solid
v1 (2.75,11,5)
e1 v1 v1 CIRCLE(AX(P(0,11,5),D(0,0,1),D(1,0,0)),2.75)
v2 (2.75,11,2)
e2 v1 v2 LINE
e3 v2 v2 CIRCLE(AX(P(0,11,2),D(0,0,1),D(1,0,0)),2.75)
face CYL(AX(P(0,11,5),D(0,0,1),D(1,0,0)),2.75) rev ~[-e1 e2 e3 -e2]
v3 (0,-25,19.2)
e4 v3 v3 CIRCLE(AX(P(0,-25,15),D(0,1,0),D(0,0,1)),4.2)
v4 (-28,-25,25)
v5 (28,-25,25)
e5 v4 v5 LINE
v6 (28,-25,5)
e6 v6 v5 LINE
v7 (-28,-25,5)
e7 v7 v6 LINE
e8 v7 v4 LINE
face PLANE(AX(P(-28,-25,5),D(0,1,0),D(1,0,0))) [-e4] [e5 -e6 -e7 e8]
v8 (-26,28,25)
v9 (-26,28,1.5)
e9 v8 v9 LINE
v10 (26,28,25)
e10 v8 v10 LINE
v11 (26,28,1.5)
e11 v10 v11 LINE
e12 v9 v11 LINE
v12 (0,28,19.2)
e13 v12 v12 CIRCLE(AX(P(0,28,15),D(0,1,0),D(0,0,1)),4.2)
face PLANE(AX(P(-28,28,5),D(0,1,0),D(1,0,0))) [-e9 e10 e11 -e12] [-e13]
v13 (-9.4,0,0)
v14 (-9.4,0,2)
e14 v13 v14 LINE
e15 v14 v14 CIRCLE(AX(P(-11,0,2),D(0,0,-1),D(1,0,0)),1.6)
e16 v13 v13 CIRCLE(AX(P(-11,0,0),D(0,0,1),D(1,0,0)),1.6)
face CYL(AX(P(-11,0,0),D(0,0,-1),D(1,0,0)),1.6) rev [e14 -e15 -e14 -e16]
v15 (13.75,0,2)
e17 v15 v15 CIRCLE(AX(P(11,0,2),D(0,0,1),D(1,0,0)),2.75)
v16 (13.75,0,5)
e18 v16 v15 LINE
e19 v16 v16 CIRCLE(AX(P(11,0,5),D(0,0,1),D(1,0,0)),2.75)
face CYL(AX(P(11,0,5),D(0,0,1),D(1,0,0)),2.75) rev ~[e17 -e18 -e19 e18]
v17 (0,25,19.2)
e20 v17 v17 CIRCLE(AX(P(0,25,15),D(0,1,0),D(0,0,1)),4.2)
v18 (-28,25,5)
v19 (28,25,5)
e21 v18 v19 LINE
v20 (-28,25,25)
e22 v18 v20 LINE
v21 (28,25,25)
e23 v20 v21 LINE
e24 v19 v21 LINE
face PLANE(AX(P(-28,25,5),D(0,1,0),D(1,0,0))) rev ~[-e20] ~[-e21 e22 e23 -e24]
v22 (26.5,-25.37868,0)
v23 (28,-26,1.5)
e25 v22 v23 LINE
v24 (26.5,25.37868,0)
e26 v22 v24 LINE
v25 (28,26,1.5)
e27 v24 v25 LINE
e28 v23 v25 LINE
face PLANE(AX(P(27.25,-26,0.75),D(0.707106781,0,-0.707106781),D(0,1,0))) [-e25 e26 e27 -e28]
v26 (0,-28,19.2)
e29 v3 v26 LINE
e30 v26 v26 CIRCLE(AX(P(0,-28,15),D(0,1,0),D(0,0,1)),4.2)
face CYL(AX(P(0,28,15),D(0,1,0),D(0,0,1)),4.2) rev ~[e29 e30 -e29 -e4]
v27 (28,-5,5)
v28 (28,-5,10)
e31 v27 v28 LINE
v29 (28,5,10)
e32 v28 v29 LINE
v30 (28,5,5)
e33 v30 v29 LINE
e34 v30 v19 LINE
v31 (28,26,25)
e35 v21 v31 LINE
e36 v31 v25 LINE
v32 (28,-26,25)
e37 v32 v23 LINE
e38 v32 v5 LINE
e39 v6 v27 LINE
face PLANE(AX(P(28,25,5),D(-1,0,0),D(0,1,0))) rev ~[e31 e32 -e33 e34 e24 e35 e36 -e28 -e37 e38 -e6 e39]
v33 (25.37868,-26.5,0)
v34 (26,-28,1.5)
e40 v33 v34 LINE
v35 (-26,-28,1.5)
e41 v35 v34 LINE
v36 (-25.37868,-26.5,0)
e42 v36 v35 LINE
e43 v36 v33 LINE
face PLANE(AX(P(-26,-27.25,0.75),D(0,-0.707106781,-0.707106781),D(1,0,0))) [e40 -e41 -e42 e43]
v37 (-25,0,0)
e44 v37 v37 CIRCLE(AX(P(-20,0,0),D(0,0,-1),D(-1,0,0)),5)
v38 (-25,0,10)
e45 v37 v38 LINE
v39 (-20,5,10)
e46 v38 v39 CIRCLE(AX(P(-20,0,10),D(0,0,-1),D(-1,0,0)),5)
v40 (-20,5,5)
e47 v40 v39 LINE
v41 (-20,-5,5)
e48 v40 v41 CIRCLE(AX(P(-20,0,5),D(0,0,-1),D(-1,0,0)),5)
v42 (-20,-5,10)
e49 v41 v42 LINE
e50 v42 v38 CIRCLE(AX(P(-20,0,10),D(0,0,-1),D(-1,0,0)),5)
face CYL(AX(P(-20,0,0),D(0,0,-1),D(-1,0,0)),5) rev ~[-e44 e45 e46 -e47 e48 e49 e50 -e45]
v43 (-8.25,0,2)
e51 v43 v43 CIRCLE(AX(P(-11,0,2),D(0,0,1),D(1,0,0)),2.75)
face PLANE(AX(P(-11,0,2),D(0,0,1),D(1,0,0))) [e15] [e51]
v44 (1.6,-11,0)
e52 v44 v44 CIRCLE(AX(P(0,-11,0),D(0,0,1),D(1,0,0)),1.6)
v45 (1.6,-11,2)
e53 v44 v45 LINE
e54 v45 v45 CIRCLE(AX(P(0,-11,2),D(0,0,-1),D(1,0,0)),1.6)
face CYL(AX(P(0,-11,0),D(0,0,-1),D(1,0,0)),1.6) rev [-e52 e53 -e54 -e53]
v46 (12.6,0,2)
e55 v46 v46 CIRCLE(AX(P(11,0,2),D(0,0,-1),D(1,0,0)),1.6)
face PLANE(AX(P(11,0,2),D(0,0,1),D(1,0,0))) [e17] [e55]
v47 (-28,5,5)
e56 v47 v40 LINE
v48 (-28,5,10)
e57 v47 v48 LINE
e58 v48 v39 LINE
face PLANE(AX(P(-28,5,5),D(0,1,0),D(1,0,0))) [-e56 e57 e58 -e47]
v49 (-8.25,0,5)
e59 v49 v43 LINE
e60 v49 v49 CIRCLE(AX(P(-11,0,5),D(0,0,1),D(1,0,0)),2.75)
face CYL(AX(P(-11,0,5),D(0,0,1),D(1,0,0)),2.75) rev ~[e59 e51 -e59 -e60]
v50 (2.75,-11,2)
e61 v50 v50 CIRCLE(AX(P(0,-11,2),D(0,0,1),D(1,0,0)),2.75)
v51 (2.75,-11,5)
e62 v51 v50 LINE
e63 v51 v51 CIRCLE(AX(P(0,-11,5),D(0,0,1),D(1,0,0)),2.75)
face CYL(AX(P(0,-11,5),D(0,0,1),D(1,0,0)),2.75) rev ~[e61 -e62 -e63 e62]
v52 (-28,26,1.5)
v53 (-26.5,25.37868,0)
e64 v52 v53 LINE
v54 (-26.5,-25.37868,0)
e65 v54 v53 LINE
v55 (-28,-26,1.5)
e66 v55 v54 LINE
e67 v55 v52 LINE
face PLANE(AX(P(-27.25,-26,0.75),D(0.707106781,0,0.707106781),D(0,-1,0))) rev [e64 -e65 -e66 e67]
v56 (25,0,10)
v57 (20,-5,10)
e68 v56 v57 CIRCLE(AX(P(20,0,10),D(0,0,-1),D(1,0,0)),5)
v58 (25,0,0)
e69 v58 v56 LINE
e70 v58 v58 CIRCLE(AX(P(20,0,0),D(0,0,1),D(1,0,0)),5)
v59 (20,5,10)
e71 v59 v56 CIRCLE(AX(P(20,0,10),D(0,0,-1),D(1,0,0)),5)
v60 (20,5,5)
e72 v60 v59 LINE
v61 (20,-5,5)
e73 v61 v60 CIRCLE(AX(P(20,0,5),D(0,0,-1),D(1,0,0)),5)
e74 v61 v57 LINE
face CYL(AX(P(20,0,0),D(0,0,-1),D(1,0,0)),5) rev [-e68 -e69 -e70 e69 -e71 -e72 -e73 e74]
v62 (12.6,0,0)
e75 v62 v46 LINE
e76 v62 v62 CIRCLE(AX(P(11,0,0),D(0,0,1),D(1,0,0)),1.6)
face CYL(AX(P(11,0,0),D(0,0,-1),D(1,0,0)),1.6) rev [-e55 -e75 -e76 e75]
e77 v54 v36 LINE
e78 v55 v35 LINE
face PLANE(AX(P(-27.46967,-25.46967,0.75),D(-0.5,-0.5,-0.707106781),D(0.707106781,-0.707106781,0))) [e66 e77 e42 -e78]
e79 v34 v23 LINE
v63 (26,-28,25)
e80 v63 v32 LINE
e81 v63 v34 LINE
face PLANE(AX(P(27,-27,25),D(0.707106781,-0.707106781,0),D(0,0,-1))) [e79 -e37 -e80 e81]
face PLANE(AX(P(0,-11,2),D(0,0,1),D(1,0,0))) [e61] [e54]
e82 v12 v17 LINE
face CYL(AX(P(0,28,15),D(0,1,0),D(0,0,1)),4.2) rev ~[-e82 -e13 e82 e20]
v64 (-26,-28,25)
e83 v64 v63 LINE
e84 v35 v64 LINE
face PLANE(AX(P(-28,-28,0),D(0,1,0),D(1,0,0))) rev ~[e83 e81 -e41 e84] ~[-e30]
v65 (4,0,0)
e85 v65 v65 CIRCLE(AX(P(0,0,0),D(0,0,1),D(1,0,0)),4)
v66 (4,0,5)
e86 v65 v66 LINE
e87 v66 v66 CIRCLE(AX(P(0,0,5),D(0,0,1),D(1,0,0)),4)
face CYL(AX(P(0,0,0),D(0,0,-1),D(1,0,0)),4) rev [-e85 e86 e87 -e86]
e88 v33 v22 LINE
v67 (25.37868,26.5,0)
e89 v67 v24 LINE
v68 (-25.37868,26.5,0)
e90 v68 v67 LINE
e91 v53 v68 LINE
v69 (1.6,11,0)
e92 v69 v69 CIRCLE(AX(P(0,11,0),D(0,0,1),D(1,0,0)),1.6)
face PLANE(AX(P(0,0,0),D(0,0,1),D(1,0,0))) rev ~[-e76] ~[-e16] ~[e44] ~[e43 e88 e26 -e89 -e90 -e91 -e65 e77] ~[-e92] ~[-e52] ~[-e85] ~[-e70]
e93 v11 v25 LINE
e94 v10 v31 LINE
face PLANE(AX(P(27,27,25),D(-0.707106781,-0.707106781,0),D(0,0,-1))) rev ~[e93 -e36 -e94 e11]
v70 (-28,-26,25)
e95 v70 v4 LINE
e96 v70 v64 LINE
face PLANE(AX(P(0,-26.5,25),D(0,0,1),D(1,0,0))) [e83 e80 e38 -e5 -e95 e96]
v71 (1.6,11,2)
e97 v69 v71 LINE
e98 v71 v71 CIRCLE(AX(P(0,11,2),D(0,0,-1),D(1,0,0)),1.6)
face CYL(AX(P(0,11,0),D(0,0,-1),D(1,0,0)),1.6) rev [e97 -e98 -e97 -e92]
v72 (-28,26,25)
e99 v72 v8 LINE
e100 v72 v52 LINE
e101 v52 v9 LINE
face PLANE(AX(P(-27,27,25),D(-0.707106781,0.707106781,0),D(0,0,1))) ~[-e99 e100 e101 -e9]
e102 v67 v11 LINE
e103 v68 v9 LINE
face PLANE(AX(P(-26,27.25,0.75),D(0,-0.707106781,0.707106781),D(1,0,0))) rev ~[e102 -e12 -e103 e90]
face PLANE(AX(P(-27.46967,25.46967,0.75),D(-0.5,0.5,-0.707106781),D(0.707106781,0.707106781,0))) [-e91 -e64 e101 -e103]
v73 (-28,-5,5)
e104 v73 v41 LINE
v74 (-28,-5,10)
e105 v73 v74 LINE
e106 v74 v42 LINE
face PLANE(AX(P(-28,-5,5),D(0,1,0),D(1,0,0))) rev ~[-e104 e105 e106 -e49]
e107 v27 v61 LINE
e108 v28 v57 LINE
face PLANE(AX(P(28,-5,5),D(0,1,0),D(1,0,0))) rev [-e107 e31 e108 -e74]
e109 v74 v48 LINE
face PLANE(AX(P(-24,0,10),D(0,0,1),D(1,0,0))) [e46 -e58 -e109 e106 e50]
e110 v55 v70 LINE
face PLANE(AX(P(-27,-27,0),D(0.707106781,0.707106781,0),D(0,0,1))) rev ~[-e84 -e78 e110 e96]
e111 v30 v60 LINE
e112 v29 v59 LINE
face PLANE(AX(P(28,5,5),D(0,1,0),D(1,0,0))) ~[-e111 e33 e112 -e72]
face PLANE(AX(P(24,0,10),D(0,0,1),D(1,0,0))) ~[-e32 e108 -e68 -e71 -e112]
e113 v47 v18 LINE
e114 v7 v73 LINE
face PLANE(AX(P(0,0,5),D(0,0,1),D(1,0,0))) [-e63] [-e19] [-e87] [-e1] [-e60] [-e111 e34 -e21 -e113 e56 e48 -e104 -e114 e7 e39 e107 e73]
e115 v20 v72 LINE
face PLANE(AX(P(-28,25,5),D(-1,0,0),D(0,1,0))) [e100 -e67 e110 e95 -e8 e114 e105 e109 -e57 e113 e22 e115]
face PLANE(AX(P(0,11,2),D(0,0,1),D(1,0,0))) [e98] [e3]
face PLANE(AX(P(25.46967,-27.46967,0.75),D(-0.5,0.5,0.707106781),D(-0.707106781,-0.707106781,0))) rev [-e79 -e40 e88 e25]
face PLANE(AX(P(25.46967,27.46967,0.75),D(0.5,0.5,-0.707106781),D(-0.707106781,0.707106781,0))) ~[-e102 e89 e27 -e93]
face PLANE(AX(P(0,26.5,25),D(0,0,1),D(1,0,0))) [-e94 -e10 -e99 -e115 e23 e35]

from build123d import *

# Parameters (mm, degrees)
CROQUIS1_W              = 56
CROQUIS1_H              = 56
CROQUIS1_R              = 4
CROQUIS1_R_2            = 1.6
SALIENTE_EXTRUIR1_DEPTH = 5
CROQUIS2_W              = 56
CROQUIS2_H              = 3
SALIENTE_EXTRUIR2_DEPTH = 20
CROQUIS3_R              = 4.2
CORTAR_EXTRUIR1_DEPTH   = 68.416615163
CROQUIS4_R              = 2.75
CORTAR_EXTRUIR2_DEPTH   = 3
CROQUIS7_W              = 8
CROQUIS7_H              = 10
SALIENTE_EXTRUIR3_DEPTH = 5
CROQUIS5_R              = 5
CORTAR_EXTRUIR3_DEPTH   = 47.829477896
CHAFL_N1_SIZE           = 2
CHAFL_N2_SIZE           = 1.5


with BuildPart() as part:
    # Croquis1 → Saliente-Extruir1 (new body)
    with BuildSketch(Plane.XY):
        Rectangle(CROQUIS1_W, CROQUIS1_H)
        Circle(CROQUIS1_R, mode=Mode.SUBTRACT)
        with Locations((0, 11)):
            Circle(CROQUIS1_R_2, mode=Mode.SUBTRACT)
        with Locations((11, 0)):
            Circle(CROQUIS1_R_2, mode=Mode.SUBTRACT)
        with Locations((0, -11)):
            Circle(CROQUIS1_R_2, mode=Mode.SUBTRACT)
        with Locations((-11, 0)):
            Circle(CROQUIS1_R_2, mode=Mode.SUBTRACT)
    extrude(amount=SALIENTE_EXTRUIR1_DEPTH)

    # Croquis2 → Saliente-Extruir2 (add)
    with BuildSketch(Plane.XY.offset(5)):
        with Locations((0, 26.5)):
            Rectangle(CROQUIS2_W, CROQUIS2_H)
        with Locations((0, -26.5)):
            Rectangle(CROQUIS2_W, CROQUIS2_H)
    extrude(amount=SALIENTE_EXTRUIR2_DEPTH)

    # Croquis3 → Cortar-Extruir1 (cut, through all)
    with BuildSketch(Plane(origin=(0, 28, 0), x_dir=(1, 0, 0), z_dir=(0, 1, 0))):
        with Locations(Location((0, -15, 0), (0, 0, 270))):
            Circle(CROQUIS3_R)
    extrude(amount=-CORTAR_EXTRUIR1_DEPTH, mode=Mode.SUBTRACT)

    # Croquis4 → Cortar-Extruir2 (cut)
    with BuildSketch(Plane.XY.offset(5)):
        with Locations((-11, 0)):
            Circle(CROQUIS4_R)
        with Locations((0, 11)):
            Circle(CROQUIS4_R)
        with Locations((11, 0)):
            Circle(CROQUIS4_R)
        with Locations((0, -11)):
            Circle(CROQUIS4_R)
    extrude(amount=-CORTAR_EXTRUIR2_DEPTH, mode=Mode.SUBTRACT)

    # Croquis7 → Saliente-Extruir3 (add)
    with BuildSketch(Plane.XY.offset(5)):
        with Locations((-24, 0)):
            Rectangle(CROQUIS7_W, CROQUIS7_H)
    saliente_extruir3 = extrude(amount=SALIENTE_EXTRUIR3_DEPTH)

    # Simetría2: Saliente-Extruir3 across plane
    add(saliente_extruir3.mirror(Plane(origin=(0, 0, 0), x_dir=(0, 0, 1), z_dir=(1, 0, 0))))

    # Croquis5 → Cortar-Extruir3 (cut, through all)
    with BuildSketch(Plane(origin=(0, 0, 0), x_dir=(-1, 0, 0), z_dir=(0, 0, -1))):
        with Locations((20, 0)):
            Circle(CROQUIS5_R)
    cortar_extruir3 = extrude(amount=-CORTAR_EXTRUIR3_DEPTH, mode=Mode.SUBTRACT)

    # Simetría1: Cortar-Extruir3 across plane
    add(cortar_extruir3.mirror(Plane(origin=(0, 0, 0), x_dir=(0, 0, 1), z_dir=(1, 0, 0))), mode=Mode.SUBTRACT)

    # Chaflán1
    chafl_n1_edges = [part.edges().sort_by_distance(p)[0] for p in [
        (-28, 28, 12.5),
        (28, 28, 12.5),
        (28, -28, 12.5),
        (-28, -28, 12.5),
    ]]
    chamfer(chafl_n1_edges, length=CHAFL_N1_SIZE)

    # Chaflán2
    chafl_n2_edges = [part.edges().sort_by_distance(p)[0] for p in [
        (28, 0, 0),
        (-28, 0, 0),
        (0, 28, 0),
        (0, -28, 0),
        (-27, 27, 0),
        (-27, -27, 0),
        (27, 27, 0),
        (27, -27, 0),
    ]]
    chamfer(chafl_n2_edges, length=CHAFL_N2_SIZE)


solid = part.part
